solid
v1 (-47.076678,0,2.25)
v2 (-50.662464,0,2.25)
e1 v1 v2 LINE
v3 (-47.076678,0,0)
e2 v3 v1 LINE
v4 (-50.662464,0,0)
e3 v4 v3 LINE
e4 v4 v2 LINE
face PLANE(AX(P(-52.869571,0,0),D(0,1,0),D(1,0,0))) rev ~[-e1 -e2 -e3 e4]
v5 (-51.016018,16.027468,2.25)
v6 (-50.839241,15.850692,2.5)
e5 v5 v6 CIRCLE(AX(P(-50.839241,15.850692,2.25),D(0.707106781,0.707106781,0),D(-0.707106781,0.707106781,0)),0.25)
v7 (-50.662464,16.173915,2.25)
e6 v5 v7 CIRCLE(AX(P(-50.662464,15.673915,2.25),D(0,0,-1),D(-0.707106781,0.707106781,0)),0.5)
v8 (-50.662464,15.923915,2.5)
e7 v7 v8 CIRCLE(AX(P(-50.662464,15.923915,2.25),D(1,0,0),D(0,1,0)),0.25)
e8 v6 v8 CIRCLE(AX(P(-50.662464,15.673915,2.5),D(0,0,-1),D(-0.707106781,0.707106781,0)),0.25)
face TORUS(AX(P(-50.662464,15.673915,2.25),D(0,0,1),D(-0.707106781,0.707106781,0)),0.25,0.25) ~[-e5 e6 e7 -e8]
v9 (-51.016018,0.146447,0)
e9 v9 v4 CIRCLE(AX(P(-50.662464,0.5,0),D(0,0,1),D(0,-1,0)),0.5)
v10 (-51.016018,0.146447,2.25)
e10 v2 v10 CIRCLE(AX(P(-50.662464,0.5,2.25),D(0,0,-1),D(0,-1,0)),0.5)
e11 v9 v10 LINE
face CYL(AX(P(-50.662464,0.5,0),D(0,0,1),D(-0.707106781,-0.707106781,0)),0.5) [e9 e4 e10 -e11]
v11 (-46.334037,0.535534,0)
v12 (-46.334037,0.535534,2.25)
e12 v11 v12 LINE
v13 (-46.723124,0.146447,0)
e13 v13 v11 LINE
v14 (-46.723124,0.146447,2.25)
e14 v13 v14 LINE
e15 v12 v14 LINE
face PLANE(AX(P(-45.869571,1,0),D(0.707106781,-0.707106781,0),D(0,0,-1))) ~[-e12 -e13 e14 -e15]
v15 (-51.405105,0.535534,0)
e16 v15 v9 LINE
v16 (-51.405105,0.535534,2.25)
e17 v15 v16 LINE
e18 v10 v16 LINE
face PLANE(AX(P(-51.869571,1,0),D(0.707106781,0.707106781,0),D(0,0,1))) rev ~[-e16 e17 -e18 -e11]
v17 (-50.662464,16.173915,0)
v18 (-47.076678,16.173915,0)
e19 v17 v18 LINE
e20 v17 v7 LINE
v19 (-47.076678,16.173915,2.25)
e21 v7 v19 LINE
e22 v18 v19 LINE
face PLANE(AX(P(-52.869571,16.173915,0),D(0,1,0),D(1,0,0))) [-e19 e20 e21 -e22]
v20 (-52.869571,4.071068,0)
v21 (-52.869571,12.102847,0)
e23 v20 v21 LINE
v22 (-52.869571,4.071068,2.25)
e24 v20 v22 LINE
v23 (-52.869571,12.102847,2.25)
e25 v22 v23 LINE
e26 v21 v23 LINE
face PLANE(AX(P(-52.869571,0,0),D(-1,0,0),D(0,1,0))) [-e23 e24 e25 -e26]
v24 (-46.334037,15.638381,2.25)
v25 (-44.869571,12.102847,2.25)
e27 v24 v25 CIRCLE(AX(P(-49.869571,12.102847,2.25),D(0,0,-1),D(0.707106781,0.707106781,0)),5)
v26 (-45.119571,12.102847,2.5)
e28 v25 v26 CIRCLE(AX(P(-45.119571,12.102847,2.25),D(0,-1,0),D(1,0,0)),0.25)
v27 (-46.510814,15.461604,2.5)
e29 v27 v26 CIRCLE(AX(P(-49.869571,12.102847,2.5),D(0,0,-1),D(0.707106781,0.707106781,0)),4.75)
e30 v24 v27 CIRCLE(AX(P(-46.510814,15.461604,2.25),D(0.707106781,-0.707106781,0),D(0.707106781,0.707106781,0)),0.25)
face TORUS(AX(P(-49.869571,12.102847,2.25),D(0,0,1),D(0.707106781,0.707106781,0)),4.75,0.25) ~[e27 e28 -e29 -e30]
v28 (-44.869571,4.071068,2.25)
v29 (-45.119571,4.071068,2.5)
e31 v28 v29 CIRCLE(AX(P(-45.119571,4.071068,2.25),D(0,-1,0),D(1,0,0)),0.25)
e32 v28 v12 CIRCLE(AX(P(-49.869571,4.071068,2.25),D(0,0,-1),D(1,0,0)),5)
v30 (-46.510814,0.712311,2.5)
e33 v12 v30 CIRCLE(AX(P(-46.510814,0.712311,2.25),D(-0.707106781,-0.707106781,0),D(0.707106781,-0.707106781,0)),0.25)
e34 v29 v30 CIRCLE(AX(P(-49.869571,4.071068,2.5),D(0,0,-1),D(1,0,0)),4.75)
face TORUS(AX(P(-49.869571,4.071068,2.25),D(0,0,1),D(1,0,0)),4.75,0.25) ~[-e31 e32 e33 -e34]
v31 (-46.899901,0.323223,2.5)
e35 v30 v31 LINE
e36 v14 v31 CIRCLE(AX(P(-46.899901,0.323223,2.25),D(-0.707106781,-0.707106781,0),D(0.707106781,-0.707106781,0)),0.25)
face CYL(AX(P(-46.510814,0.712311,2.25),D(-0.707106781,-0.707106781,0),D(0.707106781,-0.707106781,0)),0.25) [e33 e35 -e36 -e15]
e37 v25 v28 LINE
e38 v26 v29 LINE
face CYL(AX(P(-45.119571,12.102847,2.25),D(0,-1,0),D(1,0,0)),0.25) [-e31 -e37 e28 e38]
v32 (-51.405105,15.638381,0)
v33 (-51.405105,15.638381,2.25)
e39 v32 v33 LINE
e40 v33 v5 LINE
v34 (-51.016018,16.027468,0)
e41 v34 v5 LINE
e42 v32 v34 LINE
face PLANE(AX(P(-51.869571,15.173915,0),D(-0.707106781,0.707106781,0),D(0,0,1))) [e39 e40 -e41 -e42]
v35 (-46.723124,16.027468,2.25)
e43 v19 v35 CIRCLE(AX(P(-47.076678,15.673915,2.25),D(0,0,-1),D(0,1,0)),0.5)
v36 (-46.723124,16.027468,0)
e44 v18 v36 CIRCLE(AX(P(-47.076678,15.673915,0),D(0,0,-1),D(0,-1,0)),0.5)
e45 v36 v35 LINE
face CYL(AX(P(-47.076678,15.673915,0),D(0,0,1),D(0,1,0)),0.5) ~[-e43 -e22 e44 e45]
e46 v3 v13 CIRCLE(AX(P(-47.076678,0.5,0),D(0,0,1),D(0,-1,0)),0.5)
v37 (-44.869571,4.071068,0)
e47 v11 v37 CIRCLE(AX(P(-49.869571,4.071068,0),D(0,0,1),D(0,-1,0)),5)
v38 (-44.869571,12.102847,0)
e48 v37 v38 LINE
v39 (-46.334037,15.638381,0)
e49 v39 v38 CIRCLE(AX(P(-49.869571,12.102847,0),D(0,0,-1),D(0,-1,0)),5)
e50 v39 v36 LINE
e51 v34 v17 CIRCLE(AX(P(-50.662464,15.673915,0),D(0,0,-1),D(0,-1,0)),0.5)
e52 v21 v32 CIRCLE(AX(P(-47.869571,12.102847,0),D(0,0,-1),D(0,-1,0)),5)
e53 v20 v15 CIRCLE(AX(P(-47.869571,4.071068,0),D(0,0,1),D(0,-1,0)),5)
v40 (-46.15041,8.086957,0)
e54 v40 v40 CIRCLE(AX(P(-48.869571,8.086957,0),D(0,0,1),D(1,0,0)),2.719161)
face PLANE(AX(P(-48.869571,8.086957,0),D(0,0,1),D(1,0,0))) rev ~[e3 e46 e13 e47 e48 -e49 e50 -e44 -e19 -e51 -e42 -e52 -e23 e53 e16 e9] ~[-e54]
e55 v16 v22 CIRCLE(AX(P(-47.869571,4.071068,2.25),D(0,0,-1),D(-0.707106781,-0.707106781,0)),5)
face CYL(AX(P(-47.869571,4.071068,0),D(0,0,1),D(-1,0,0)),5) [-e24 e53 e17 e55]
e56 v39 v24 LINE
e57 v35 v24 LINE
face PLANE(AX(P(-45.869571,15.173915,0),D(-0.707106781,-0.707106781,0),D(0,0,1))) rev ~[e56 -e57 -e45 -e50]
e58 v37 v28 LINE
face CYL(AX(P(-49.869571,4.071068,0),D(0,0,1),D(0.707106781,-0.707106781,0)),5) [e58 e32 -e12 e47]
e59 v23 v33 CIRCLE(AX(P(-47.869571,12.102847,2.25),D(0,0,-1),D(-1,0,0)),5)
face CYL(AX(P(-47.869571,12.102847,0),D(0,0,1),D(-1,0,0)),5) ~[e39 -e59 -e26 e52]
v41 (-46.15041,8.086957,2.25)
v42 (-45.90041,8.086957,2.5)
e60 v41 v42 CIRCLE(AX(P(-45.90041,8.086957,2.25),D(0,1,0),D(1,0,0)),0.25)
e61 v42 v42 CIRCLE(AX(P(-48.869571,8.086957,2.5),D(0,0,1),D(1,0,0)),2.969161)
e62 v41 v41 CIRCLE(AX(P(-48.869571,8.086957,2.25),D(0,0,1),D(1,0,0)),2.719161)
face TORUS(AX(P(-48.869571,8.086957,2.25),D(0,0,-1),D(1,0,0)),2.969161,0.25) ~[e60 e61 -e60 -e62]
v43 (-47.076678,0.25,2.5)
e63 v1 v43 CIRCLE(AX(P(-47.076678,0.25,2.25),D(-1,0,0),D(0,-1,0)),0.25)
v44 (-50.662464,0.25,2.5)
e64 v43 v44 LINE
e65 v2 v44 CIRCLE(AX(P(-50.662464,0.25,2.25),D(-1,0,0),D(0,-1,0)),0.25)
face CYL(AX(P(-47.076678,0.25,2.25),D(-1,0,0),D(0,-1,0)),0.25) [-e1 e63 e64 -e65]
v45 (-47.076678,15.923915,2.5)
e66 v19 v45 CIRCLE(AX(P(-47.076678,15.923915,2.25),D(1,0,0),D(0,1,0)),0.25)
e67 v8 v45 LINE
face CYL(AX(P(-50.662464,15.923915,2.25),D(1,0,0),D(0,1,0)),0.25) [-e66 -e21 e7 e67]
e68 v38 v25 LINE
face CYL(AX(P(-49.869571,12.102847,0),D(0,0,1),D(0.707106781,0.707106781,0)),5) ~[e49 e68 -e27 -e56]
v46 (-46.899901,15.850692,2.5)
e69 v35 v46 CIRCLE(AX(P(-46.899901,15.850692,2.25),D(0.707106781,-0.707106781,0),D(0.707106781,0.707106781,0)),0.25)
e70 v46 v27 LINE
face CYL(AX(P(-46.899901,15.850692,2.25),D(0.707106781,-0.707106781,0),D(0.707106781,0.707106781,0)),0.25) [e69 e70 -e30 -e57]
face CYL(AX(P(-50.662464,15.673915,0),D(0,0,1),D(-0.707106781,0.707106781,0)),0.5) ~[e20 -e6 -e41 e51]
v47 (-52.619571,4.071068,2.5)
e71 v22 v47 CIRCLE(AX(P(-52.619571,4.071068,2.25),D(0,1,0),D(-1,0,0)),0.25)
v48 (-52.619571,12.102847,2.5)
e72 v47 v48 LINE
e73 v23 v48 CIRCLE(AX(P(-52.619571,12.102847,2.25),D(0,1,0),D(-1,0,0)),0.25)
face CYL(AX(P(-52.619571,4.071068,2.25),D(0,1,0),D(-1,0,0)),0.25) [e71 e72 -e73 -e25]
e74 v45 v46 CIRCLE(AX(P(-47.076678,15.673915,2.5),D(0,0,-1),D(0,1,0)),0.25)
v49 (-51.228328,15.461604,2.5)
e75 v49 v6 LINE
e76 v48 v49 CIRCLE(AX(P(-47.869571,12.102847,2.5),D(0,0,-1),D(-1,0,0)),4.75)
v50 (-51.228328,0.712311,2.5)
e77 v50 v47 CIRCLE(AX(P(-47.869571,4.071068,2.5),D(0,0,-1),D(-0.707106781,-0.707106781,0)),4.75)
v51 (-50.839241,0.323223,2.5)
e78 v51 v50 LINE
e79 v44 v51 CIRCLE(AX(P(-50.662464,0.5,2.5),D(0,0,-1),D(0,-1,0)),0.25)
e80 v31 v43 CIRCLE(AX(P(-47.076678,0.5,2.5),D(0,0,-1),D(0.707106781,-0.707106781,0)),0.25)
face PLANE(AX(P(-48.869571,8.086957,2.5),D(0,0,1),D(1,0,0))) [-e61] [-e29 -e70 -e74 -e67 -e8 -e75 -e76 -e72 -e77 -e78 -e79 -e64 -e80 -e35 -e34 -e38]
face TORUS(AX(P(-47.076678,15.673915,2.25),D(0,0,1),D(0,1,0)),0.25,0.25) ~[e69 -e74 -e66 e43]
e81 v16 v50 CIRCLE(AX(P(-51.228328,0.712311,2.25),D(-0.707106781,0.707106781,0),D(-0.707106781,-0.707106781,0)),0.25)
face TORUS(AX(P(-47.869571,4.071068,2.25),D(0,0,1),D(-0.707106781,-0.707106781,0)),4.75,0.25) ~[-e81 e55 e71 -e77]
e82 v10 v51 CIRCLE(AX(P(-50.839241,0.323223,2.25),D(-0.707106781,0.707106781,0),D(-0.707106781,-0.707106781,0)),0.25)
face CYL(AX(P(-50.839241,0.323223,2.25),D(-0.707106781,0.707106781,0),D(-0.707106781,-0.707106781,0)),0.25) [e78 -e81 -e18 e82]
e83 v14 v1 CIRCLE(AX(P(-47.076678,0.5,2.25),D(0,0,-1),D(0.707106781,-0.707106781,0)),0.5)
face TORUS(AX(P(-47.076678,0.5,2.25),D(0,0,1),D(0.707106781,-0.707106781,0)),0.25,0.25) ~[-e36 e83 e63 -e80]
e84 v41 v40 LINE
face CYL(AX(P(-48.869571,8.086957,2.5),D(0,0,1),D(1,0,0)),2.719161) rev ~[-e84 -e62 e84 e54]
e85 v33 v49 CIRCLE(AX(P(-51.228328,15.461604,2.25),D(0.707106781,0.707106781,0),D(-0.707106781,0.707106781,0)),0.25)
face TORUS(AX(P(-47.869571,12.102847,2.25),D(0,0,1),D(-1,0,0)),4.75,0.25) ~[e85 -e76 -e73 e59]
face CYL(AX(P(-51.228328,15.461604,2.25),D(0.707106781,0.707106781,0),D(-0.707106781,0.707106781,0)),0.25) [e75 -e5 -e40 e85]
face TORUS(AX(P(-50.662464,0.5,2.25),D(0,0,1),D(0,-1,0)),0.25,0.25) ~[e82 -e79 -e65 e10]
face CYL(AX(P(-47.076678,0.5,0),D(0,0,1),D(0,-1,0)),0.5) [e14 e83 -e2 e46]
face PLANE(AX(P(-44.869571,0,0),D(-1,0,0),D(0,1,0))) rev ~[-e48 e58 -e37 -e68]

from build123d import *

# Parameters (mm, degrees)
F0_W     = 8
F0_H     = 16.1739148081
F1_DEPTH = 2.5
F2_SIZE  = 2
F3_R     = 5
F4_R     = 0.5
F5_R     = 2.719161288
F6_DEPTH = 25
F7_R     = 0.25


with BuildPart() as f1:
    # F0 (on Top) → F1 (new body)
    with BuildSketch(Plane.XY):
        with Locations((-48.8695710708, 8.0869574041)):
            Rectangle(F0_W, F0_H)
    extrude(amount=F1_DEPTH)

    # F2
    f2_edges = [f1.edges().sort_by_distance(p)[0] for p in [
        (-44.869571, 0, 1.25),
        (-52.869571, 0, 1.25),
        (-44.869571, 16.173915, 1.25),
        (-52.869571, 16.173915, 1.25),
    ]]
    chamfer(f2_edges, length=F2_SIZE)

    # F3
    f3_edges = [f1.edges().sort_by_distance(p)[0] for p in [
        (-52.869571, 14.173915, 1.25),
        (-52.869571, 2, 1.25),
        (-44.869571, 2, 1.25),
        (-44.869571, 14.173915, 1.25),
    ]]
    fillet(f3_edges, radius=F3_R)

    # F4
    f4_edges = [f1.edges().sort_by_distance(p)[0] for p in [
        (-50.869571, 16.173915, 1.25),
        (-46.869571, 16.173915, 1.25),
        (-46.869571, 0, 1.25),
        (-50.869571, 0, 1.25),
    ]]
    fillet(f4_edges, radius=F4_R)

    # F5 (on face) → F6 (cut)
    with BuildSketch(Plane.XY.offset(2.5)):
        with Locations((-48.8695710708, 8.0869574041)):
            Circle(F5_R)
    extrude(amount=-F6_DEPTH, mode=Mode.SUBTRACT)

    # F7
    f7_edges = [f1.edges().sort_by_distance(p)[0] for p in [
        (-51.588732, 8.086957, 2.5),
        (-52.869571, 8.086957, 2.5),
    ]]
    fillet(f7_edges, radius=F7_R)


solid = f1.part
